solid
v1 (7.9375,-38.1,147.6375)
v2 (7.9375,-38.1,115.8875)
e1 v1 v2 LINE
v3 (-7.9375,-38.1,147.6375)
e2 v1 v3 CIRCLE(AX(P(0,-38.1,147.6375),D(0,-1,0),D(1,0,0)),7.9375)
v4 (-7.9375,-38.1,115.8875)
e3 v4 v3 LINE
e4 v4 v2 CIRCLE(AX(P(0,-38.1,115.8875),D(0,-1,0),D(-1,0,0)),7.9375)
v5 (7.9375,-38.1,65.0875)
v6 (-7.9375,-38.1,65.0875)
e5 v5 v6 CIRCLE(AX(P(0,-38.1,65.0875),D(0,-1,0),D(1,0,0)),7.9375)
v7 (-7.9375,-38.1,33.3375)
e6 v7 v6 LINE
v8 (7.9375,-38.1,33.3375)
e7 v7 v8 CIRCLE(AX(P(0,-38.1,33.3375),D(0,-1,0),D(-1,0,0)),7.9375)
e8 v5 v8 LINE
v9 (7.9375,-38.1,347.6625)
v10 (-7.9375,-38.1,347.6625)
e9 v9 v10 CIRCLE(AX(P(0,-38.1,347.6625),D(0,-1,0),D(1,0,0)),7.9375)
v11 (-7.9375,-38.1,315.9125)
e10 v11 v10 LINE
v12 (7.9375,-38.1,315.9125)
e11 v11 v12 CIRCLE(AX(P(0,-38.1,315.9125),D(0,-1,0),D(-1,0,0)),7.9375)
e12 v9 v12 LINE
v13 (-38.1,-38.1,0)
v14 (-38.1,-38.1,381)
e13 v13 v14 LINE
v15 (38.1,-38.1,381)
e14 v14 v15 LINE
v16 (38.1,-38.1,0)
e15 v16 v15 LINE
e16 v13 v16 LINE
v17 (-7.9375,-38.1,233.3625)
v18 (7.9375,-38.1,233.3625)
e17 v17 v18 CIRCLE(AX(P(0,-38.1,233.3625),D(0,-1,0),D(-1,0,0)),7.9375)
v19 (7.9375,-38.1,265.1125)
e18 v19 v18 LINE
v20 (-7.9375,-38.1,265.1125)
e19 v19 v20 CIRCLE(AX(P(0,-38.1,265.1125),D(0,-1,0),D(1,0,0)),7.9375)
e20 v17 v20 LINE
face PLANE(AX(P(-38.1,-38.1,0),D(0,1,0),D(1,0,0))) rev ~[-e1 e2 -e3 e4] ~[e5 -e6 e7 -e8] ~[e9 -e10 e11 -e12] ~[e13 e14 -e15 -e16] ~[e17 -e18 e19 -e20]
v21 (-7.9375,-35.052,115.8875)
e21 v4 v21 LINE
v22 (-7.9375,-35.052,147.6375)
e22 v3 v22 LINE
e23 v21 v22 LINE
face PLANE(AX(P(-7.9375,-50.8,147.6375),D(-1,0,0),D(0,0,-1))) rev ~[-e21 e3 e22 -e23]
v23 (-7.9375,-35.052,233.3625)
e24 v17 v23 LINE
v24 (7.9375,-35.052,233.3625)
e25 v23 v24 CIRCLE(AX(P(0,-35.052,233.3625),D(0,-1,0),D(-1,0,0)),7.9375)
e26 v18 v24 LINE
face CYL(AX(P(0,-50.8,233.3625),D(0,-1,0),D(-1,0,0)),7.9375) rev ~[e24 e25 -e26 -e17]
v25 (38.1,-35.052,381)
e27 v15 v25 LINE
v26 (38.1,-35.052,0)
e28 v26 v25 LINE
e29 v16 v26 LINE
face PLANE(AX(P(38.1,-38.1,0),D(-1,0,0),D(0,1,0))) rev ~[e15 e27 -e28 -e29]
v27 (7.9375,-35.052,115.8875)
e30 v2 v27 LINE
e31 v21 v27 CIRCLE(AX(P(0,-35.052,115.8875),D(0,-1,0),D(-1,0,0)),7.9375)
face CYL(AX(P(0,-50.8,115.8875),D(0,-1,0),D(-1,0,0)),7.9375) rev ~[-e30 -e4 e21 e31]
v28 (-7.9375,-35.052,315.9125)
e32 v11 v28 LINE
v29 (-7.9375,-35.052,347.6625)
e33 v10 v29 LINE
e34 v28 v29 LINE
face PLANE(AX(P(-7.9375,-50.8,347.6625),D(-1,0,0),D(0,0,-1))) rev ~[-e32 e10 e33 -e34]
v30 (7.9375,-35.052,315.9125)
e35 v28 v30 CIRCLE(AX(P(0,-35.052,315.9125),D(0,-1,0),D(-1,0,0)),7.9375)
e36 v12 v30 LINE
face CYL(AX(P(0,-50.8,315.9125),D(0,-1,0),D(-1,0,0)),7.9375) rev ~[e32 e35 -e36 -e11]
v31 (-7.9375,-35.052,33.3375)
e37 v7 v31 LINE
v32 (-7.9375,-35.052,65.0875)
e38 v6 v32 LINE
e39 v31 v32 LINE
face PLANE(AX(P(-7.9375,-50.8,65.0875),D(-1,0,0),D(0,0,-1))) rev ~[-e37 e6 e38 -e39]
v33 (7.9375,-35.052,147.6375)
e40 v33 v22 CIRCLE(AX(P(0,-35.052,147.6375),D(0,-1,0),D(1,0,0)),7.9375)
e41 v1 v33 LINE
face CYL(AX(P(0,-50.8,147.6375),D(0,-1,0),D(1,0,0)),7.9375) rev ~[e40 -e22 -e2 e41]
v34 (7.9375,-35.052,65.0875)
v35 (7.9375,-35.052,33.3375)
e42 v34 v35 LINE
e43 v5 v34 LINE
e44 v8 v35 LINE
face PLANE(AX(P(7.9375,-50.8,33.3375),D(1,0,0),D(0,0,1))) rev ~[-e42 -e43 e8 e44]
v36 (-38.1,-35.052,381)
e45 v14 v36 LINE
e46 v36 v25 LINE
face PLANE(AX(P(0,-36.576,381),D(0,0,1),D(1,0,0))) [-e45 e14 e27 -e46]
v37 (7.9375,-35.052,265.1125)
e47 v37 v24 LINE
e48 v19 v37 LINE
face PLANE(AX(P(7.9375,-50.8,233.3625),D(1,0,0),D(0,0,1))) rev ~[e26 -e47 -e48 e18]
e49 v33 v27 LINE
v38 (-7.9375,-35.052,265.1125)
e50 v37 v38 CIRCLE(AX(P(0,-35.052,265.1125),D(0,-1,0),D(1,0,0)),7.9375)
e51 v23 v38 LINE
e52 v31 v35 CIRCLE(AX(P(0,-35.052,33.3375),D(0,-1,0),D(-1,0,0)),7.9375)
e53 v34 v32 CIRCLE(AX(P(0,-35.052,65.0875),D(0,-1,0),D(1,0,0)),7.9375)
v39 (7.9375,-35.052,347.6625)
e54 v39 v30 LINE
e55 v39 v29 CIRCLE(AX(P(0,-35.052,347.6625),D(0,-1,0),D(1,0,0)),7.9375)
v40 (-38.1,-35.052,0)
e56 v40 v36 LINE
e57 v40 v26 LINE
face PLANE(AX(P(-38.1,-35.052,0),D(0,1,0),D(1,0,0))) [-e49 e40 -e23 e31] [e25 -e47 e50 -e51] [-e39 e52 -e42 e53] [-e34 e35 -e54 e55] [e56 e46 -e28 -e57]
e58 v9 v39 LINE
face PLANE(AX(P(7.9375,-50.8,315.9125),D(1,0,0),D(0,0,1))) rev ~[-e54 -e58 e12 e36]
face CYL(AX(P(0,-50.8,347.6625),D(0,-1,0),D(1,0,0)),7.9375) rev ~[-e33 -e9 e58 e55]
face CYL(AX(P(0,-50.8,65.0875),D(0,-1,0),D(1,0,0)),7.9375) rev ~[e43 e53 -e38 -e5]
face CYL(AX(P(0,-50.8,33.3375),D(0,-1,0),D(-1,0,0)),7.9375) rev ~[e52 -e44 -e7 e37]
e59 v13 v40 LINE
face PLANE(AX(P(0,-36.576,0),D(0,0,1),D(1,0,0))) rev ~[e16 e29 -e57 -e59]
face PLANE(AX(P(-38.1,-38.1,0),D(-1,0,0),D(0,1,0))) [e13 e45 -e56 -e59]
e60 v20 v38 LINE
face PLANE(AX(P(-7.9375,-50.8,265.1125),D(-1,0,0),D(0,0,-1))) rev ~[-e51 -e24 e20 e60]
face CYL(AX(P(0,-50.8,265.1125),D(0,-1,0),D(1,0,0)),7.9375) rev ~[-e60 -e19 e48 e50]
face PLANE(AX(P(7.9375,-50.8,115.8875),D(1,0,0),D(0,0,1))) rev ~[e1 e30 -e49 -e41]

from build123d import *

# Parameters (mm, degrees)
F0_W     = 76.2
F0_H     = 3.048
F1_DEPTH = 381
F4_DEPTH = 25.4


with BuildPart() as f1:
    # F0 (on Top) → F1 (new body)
    with BuildSketch(Plane.XY):
        with Locations((0, -36.576)):
            Rectangle(F0_W, F0_H)
    extrude(amount=F1_DEPTH)

    # F3 (on offset) → F4 (cut)
    with BuildSketch(Plane.XZ.offset(50.8)):
        with BuildLine():
            ThreePointArc((7.9375, 147.6375), (0, 155.575), (-7.9375, 147.6375))
            Line((-7.9375, 147.6375), (-7.9375, 115.8875))
            ThreePointArc((-7.9375, 115.8875), (0, 107.95), (7.9375, 115.8875))
            Line((7.9375, 115.8875), (7.9375, 147.6375))
        make_face()
        with BuildLine():
            ThreePointArc((7.9375, 65.0875), (0, 73.025), (-7.9375, 65.0875))
            Line((-7.9375, 65.0875), (-7.9375, 33.3375))
            ThreePointArc((-7.9375, 33.3375), (0, 25.4), (7.9375, 33.3375))
            Line((7.9375, 33.3375), (7.9375, 65.0875))
        make_face()
        with BuildLine():
            ThreePointArc((7.9375, 265.1125), (0, 273.05), (-7.9375, 265.1125))
            Line((-7.9375, 265.1125), (-7.9375, 233.3625))
            ThreePointArc((-7.9375, 233.3625), (0, 225.425), (7.9375, 233.3625))
            Line((7.9375, 233.3625), (7.9375, 265.1125))
        make_face()
        with BuildLine():
            ThreePointArc((7.9375, 347.6625), (0, 355.6), (-7.9375, 347.6625))
            Line((-7.9375, 347.6625), (-7.9375, 315.9125))
            ThreePointArc((-7.9375, 315.9125), (0, 307.975), (7.9375, 315.9125))
            Line((7.9375, 315.9125), (7.9375, 347.6625))
        make_face()
    extrude(amount=-F4_DEPTH, mode=Mode.SUBTRACT)


solid = f1.part
